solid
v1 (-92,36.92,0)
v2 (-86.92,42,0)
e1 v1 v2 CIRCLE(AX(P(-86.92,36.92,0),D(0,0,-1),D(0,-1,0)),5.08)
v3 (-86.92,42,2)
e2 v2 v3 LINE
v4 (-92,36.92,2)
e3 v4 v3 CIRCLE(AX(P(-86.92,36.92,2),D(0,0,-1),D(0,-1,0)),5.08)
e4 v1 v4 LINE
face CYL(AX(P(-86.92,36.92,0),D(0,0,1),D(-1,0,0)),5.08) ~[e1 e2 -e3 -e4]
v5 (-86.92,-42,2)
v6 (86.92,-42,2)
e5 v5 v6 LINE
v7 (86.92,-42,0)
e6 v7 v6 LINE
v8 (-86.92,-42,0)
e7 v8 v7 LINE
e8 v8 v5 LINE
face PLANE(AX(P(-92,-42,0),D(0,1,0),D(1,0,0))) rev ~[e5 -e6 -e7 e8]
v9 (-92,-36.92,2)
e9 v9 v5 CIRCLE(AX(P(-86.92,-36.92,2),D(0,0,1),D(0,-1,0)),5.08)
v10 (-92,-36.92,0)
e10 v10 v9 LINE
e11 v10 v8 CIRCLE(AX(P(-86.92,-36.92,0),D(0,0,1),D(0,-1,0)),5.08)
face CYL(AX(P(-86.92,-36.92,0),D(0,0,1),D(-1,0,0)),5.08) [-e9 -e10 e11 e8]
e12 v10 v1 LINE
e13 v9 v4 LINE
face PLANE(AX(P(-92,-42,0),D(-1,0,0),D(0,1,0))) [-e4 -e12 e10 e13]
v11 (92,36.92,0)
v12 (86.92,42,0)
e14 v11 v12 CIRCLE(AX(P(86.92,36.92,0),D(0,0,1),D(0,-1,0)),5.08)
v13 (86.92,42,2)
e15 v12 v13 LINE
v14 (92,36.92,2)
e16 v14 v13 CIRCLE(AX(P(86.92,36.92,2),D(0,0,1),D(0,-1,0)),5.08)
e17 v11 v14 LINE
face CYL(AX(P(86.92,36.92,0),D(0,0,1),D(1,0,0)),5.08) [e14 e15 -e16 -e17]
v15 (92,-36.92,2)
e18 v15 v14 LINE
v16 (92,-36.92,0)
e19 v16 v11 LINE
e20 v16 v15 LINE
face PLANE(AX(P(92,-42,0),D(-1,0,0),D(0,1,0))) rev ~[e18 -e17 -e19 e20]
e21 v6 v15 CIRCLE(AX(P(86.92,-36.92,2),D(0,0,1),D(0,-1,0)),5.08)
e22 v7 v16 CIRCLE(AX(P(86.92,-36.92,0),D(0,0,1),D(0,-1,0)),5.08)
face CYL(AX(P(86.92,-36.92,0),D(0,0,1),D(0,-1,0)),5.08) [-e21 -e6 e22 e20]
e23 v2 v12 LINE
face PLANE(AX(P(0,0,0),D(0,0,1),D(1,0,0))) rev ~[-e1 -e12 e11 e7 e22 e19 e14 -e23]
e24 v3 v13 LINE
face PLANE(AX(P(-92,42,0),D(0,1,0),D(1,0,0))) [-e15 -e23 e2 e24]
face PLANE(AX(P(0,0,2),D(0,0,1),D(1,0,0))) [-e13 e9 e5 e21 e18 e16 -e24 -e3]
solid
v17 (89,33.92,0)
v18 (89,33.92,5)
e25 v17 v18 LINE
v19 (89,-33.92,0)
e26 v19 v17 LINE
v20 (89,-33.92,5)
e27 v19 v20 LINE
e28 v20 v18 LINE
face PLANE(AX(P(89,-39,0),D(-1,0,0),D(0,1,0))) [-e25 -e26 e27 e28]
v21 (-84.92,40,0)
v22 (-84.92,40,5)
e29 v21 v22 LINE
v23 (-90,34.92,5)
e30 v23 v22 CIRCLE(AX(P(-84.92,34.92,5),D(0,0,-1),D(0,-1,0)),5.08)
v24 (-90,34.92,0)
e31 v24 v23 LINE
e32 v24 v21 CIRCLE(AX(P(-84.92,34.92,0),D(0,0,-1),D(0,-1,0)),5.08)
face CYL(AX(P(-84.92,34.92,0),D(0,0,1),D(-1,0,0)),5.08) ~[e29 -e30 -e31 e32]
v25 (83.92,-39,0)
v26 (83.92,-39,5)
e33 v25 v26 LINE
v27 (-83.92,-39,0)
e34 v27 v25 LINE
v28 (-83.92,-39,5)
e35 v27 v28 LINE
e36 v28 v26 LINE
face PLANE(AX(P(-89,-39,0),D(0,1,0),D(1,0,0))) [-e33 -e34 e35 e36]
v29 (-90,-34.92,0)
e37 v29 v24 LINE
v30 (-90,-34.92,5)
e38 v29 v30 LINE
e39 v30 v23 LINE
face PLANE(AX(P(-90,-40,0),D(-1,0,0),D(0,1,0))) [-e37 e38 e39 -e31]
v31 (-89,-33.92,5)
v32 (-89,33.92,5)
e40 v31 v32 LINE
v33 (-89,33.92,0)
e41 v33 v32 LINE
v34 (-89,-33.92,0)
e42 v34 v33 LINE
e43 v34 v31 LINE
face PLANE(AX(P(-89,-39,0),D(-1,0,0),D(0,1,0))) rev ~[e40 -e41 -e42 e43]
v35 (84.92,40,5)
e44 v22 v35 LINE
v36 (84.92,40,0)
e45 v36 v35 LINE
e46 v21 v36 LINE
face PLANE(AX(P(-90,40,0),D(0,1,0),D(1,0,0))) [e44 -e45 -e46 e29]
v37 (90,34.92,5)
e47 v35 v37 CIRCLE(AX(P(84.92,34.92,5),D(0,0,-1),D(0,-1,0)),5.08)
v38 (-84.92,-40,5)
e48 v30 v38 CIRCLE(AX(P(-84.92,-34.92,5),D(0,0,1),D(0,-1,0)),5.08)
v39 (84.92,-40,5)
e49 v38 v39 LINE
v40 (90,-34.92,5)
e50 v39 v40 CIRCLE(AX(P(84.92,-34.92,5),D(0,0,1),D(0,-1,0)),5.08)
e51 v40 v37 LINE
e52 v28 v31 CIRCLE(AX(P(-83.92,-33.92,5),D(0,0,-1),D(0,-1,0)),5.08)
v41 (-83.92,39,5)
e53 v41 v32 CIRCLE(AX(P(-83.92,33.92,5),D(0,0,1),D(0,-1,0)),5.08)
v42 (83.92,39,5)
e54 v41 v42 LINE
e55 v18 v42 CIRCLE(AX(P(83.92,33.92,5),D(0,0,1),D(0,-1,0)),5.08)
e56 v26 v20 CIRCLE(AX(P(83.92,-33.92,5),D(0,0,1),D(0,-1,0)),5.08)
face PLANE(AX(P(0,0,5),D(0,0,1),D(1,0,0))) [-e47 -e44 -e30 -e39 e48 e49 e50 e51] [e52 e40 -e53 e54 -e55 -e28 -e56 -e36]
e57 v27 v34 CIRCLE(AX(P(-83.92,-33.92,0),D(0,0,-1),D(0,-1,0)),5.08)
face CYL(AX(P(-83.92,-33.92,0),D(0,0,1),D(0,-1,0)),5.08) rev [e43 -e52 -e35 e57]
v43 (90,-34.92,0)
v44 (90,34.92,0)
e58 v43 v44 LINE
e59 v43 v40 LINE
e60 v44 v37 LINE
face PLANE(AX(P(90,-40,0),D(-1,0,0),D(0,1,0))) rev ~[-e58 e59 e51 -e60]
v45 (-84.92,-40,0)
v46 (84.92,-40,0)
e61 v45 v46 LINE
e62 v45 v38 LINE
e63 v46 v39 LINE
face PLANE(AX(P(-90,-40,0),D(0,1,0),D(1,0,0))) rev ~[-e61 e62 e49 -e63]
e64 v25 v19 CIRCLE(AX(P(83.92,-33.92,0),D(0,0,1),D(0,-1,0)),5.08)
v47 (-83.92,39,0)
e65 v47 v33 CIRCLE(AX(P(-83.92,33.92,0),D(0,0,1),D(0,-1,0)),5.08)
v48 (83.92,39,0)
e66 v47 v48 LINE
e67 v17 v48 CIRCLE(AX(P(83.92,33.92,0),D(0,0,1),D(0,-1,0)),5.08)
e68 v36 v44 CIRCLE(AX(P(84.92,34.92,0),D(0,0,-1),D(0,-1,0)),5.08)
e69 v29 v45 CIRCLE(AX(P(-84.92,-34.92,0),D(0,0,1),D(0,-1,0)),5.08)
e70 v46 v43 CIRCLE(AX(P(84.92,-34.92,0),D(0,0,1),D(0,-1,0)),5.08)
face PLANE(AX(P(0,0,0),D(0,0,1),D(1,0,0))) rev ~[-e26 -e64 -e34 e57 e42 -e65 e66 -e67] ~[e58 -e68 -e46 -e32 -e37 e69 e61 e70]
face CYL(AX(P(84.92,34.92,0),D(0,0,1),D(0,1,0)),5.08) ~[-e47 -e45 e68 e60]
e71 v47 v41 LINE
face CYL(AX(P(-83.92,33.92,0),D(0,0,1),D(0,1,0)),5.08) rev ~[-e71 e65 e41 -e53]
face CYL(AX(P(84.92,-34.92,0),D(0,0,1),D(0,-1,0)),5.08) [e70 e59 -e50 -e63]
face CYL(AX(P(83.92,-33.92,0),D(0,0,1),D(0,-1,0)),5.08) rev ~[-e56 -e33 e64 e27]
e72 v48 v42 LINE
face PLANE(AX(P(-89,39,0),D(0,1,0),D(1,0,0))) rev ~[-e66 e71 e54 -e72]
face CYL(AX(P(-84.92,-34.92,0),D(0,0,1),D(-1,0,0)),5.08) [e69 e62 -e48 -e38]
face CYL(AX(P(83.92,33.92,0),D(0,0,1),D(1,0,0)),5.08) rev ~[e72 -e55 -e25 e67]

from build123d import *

# Parameters (mm, degrees)
F0_W     = 184
F0_H     = 84
F0_W_2   = 180
F0_H_2   = 80
F0_W_3   = 178
F0_H_3   = 78
F1_DEPTH = 2
F2_DEPTH = 5
F3_R     = 5.08
F3_2_R   = 5.08


with BuildPart() as f1:
    # F0 (on Top) → F1 (new body)
    with BuildSketch(Plane.XY):
        Rectangle(F0_W, F0_H)
        Rectangle(F0_W_2, F0_H_2, mode=Mode.SUBTRACT)
        Rectangle(F0_W_2, F0_H_2)
        Rectangle(F0_W_3, F0_H_3, mode=Mode.SUBTRACT)
        Rectangle(F0_W_3, F0_H_3)
    extrude(amount=F1_DEPTH)

    # F3#2
    f3_2_edges = [f1.edges().sort_by_distance(p)[0] for p in [
        (-92, 42, 1),
        (-92, -42, 1),
        (92, 42, 1),
        (92, -42, 1),
    ]]
    fillet(f3_2_edges, radius=F3_2_R)


with BuildPart() as f2:
    # F0 (on Top) → F2 (new body)
    with BuildSketch(Plane.XY):
        Rectangle(F0_W_2, F0_H_2)
        Rectangle(F0_W_3, F0_H_3, mode=Mode.SUBTRACT)
    extrude(amount=F2_DEPTH)

    # F3
    f3_edges = [f2.edges().sort_by_distance(p)[0] for p in [
        (-89, 39, 2.5),
        (-90, 40, 2.5),
        (-90, -40, 2.5),
        (-89, -39, 2.5),
        (90, 40, 2.5),
        (89, 39, 2.5),
        (90, -40, 2.5),
        (89, -39, 2.5),
    ]]
    fillet(f3_edges, radius=F3_R)


solid = Compound([f1.part, f2.part])
